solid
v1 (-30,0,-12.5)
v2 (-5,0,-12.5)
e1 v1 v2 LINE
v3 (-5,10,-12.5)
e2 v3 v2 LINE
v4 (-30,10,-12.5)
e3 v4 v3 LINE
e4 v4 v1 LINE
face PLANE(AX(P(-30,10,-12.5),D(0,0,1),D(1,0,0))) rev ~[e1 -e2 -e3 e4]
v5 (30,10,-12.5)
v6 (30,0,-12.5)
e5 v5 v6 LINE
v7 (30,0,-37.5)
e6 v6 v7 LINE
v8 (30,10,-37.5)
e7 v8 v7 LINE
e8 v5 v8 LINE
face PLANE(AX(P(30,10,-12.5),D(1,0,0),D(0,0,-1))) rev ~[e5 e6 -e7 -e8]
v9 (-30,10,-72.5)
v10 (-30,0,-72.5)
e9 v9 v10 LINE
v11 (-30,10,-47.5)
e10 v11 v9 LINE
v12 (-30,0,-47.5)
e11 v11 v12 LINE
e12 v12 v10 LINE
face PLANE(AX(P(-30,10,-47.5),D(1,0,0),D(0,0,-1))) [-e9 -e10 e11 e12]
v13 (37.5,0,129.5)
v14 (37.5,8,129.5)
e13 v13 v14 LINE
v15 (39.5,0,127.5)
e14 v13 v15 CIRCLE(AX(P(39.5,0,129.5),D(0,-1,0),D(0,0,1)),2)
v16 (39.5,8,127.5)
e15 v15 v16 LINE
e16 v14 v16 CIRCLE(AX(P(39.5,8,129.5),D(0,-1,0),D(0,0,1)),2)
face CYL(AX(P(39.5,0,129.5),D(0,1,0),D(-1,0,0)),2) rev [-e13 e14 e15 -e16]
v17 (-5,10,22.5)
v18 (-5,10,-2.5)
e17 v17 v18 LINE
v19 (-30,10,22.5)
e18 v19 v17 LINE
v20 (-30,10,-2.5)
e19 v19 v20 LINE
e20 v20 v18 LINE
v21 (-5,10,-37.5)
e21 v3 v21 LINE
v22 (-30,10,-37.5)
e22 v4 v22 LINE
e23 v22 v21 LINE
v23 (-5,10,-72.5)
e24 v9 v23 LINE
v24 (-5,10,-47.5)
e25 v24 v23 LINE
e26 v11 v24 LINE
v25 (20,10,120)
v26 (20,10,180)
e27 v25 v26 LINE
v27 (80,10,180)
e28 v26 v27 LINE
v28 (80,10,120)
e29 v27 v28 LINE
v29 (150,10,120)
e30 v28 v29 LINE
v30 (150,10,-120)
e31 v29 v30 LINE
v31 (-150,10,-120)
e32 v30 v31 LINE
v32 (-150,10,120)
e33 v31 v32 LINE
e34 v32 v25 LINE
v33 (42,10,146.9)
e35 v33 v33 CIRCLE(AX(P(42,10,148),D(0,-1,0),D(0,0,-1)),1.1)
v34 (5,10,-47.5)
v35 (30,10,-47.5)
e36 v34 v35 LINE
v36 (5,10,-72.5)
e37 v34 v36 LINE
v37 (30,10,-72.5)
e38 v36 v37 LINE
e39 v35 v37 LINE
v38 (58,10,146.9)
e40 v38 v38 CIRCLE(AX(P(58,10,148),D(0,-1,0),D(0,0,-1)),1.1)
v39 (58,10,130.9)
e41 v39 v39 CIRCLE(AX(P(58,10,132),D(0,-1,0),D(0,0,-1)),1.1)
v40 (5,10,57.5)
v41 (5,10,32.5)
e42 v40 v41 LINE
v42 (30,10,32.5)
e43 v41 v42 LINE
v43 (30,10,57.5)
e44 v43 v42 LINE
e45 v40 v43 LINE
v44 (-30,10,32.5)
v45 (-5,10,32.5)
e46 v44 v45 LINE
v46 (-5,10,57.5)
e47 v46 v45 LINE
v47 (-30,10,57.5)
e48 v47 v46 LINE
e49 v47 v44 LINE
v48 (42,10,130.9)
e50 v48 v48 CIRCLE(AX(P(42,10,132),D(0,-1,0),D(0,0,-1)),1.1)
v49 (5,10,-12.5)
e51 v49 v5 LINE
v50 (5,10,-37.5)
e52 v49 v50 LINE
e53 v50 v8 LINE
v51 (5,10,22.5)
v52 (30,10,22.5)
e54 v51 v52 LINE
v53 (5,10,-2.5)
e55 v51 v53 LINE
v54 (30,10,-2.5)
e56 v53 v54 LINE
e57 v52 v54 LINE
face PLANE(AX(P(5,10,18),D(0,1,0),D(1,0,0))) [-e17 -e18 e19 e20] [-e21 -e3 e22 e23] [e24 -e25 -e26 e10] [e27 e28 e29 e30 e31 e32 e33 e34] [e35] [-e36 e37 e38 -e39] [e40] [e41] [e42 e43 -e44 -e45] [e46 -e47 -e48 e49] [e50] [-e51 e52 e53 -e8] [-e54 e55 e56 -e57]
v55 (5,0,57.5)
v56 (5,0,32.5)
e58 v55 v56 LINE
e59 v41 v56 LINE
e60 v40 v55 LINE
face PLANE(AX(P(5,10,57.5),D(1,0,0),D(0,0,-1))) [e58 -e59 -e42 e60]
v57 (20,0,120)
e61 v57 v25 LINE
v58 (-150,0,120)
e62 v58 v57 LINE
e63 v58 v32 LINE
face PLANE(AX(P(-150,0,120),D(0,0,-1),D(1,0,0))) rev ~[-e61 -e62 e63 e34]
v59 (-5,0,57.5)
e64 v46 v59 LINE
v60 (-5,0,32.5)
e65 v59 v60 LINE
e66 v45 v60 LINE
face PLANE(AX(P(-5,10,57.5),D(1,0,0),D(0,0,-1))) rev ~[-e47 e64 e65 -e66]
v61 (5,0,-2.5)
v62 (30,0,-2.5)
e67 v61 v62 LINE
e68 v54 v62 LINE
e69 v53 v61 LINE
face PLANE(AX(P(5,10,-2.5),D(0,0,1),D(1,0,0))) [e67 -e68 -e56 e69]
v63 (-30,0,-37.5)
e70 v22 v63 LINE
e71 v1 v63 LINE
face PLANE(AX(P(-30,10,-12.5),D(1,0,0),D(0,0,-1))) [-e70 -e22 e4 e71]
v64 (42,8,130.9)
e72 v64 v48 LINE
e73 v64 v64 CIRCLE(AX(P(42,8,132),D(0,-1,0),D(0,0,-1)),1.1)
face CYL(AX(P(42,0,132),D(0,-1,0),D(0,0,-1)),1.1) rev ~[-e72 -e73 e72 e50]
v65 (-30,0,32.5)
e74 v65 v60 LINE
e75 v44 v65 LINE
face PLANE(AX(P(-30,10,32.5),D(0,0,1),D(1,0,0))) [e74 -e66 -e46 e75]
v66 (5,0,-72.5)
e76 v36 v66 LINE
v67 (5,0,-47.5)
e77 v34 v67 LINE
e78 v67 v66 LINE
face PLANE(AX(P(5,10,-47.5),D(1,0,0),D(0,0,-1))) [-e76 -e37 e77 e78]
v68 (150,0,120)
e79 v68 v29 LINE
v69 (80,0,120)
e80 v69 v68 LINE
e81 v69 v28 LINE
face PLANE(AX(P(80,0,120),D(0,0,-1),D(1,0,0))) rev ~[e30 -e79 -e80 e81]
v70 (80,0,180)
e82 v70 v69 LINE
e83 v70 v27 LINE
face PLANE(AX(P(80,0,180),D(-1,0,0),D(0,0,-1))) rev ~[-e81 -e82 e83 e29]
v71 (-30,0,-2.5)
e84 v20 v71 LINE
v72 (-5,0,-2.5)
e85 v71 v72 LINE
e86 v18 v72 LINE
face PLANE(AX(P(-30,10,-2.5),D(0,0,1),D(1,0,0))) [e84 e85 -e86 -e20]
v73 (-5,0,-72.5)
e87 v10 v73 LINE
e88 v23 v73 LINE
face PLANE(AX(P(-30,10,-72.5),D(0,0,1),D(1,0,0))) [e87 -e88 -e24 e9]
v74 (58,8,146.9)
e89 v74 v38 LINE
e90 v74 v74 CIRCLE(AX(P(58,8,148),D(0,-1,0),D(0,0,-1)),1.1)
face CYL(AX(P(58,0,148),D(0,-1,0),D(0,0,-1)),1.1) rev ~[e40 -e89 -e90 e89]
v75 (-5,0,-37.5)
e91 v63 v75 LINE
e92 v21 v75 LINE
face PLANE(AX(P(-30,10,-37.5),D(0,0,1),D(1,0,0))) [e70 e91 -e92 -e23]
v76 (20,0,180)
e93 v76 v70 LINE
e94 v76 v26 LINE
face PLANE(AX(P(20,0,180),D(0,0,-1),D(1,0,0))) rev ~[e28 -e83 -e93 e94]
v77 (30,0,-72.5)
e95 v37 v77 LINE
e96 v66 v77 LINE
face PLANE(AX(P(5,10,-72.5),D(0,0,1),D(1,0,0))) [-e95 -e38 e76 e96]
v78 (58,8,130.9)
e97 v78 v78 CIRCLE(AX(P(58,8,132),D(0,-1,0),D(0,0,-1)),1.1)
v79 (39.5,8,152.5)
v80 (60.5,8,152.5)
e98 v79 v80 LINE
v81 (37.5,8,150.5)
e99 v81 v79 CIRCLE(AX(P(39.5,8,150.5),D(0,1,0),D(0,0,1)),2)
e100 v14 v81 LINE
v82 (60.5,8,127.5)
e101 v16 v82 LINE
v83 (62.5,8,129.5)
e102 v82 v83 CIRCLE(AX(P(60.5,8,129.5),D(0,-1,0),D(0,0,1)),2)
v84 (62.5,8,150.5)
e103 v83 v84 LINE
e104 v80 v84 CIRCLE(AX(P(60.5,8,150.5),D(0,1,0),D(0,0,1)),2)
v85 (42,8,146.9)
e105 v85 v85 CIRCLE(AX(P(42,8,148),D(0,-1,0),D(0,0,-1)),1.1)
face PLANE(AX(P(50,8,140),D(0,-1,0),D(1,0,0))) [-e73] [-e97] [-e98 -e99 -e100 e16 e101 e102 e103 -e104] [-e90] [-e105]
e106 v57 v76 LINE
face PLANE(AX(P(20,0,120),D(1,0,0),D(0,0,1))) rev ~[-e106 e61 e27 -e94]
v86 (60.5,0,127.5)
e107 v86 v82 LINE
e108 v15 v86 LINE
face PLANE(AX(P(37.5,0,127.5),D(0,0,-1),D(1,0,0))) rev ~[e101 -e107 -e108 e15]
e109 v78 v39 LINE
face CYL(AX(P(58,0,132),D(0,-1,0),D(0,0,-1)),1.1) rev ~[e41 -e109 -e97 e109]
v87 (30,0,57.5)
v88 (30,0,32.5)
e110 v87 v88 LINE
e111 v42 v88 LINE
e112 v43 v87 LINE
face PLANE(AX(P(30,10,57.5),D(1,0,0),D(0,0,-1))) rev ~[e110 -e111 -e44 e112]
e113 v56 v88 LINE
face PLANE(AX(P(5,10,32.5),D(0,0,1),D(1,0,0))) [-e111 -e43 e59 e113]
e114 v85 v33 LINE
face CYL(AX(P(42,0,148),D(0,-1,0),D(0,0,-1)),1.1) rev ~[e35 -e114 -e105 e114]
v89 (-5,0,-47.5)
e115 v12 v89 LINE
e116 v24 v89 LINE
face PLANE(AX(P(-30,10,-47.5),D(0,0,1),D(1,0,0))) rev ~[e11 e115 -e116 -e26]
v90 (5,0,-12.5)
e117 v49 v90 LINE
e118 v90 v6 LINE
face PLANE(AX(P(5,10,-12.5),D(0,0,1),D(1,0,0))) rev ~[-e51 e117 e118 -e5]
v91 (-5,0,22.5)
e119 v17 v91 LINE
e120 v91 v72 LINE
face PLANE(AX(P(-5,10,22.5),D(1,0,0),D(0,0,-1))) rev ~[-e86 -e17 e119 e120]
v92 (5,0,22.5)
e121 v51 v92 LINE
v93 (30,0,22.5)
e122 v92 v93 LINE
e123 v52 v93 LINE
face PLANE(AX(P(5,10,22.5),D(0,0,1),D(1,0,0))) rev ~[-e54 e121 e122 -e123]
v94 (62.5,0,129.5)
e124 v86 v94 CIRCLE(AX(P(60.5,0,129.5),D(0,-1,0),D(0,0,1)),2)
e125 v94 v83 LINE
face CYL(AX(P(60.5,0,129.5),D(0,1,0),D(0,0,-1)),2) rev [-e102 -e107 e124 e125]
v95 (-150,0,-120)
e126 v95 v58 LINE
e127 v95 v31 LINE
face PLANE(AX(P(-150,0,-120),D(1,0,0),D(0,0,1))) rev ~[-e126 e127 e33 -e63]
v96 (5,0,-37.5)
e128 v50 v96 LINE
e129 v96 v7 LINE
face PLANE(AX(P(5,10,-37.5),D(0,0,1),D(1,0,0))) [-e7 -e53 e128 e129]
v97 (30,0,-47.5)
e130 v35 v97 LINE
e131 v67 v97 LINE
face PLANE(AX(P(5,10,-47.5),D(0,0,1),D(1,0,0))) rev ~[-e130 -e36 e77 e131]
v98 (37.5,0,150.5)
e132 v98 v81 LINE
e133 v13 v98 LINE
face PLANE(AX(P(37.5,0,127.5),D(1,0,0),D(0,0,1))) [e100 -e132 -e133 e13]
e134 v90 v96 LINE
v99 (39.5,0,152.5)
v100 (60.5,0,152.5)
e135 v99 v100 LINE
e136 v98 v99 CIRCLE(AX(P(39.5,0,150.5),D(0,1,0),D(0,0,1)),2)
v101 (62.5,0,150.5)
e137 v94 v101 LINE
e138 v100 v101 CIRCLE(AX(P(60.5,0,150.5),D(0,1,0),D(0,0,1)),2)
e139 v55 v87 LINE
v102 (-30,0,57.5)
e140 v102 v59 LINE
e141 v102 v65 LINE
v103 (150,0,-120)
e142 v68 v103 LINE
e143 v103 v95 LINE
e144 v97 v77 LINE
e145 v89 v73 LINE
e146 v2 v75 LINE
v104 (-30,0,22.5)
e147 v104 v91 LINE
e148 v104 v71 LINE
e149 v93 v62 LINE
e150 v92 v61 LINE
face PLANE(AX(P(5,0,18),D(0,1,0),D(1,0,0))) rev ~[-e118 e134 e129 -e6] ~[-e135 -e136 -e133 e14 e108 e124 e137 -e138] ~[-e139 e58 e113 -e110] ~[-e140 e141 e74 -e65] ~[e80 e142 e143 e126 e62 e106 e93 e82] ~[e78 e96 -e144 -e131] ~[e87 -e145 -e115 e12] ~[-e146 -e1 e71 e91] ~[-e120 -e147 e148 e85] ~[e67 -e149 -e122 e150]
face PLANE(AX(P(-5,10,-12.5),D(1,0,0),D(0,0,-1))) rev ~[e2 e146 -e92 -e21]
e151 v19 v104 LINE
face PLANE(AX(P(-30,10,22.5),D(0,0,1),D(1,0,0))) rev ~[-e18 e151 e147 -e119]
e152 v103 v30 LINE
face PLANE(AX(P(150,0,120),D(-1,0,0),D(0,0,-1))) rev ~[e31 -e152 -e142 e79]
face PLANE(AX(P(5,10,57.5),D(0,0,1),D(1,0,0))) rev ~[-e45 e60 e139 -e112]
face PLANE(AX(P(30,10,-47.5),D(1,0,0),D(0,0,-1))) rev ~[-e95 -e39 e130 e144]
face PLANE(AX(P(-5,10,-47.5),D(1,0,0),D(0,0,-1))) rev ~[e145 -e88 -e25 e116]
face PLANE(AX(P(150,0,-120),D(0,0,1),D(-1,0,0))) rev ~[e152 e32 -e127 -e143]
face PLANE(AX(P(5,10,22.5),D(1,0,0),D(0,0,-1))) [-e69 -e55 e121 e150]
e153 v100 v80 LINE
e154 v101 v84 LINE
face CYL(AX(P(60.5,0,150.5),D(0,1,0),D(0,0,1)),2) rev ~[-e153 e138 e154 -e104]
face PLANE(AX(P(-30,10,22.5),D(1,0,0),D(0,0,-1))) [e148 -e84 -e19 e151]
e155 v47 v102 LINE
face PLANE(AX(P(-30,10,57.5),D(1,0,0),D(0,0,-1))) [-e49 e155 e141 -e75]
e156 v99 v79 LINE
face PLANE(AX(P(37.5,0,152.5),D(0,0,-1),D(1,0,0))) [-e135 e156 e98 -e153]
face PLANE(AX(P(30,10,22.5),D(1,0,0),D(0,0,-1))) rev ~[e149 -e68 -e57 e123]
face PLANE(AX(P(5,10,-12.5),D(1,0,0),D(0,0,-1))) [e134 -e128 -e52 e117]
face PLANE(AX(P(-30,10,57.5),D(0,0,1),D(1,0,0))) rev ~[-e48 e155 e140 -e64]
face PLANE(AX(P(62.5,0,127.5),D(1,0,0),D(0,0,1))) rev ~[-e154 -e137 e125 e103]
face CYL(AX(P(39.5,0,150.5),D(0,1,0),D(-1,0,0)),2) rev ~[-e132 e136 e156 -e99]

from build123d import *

# Parameters (mm, degrees)
EXTRUDE_1_DEPTH     = 10
SKETCH_2_W          = 25
SKETCH_2_H          = 25
SKETCH_2_R          = 1.1
CUT_EXTRUDE_1_DEPTH = 8
SKETCH_2_3_R        = 1.1
CUT_EXTRUDE_2_DEPTH = 235.520787991
SKETCH_3_W          = 25
SKETCH_3_H          = 25
CUT_EXTRUDE_3_DEPTH = 235.520787991
FILLET_2_R          = 2


with BuildPart() as part:
    # 草圖1 → 填料-伸長1 (new body)
    with BuildSketch(Plane(origin=(0, 0, 0), x_dir=(1, 0, 0), z_dir=(0, 1, 0))):
        Polygon((-150, -120), (20, -120), (20, -180), (80, -180), (80, -120), (150, -120), (150, 120), (-150, 120), align=None)
    extrude(amount=EXTRUDE_1_DEPTH)

    # 草圖2 → 除料-伸長1 (cut)
    with BuildSketch(Plane.XZ):
        with Locations((50, 140)):
            Rectangle(SKETCH_2_W, SKETCH_2_H)
        with Locations((42, 132)):
            Circle(SKETCH_2_R, mode=Mode.SUBTRACT)
        with Locations((58, 132)):
            Circle(SKETCH_2_R, mode=Mode.SUBTRACT)
        with Locations((42, 148)):
            Circle(SKETCH_2_R, mode=Mode.SUBTRACT)
        with Locations((58, 148)):
            Circle(SKETCH_2_R, mode=Mode.SUBTRACT)
    extrude(amount=-CUT_EXTRUDE_1_DEPTH, mode=Mode.SUBTRACT)

    # 草圖2<3> → 除料-伸長2 (cut, through all)
    with BuildSketch(Plane.XZ):
        with Locations((42, 132)):
            Circle(SKETCH_2_3_R)
        with Locations((42, 148)):
            Circle(SKETCH_2_3_R)
        with Locations((58, 132)):
            Circle(SKETCH_2_3_R)
        with Locations((58, 148)):
            Circle(SKETCH_2_3_R)
    extrude(amount=-CUT_EXTRUDE_2_DEPTH, mode=Mode.SUBTRACT)

    # 草圖3 → 除料-伸長3 (cut, through all)
    with BuildSketch(Plane(origin=(0, 10, 0), x_dir=(1, 0, 0), z_dir=(0, 1, 0))):
        with Locations((-17.5, 25)):
            Rectangle(SKETCH_3_W, SKETCH_3_H)
        with Locations((-17.5, -45)):
            Rectangle(SKETCH_3_W, SKETCH_3_H)
        with Locations((-17.5, 60)):
            Rectangle(SKETCH_3_W, SKETCH_3_H)
        with Locations((-17.5, -10)):
            Rectangle(SKETCH_3_W, SKETCH_3_H)
        with Locations((17.5, -45)):
            Rectangle(SKETCH_3_W, SKETCH_3_H)
        with Locations((17.5, -10)):
            Rectangle(SKETCH_3_W, SKETCH_3_H)
        with Locations((17.5, 25)):
            Rectangle(SKETCH_3_W, SKETCH_3_H)
        with Locations((17.5, 60)):
            Rectangle(SKETCH_3_W, SKETCH_3_H)
    extrude(amount=-CUT_EXTRUDE_3_DEPTH, mode=Mode.SUBTRACT)

    # 圓角2
    fillet_2_edges = [part.edges().sort_by_distance(p)[0] for p in [
        (37.5, 4, 152.5),
        (62.5, 4, 127.5),
        (62.5, 4, 152.5),
        (37.5, 4, 127.5),
    ]]
    fillet(fillet_2_edges, radius=FILLET_2_R)


solid = part.part
